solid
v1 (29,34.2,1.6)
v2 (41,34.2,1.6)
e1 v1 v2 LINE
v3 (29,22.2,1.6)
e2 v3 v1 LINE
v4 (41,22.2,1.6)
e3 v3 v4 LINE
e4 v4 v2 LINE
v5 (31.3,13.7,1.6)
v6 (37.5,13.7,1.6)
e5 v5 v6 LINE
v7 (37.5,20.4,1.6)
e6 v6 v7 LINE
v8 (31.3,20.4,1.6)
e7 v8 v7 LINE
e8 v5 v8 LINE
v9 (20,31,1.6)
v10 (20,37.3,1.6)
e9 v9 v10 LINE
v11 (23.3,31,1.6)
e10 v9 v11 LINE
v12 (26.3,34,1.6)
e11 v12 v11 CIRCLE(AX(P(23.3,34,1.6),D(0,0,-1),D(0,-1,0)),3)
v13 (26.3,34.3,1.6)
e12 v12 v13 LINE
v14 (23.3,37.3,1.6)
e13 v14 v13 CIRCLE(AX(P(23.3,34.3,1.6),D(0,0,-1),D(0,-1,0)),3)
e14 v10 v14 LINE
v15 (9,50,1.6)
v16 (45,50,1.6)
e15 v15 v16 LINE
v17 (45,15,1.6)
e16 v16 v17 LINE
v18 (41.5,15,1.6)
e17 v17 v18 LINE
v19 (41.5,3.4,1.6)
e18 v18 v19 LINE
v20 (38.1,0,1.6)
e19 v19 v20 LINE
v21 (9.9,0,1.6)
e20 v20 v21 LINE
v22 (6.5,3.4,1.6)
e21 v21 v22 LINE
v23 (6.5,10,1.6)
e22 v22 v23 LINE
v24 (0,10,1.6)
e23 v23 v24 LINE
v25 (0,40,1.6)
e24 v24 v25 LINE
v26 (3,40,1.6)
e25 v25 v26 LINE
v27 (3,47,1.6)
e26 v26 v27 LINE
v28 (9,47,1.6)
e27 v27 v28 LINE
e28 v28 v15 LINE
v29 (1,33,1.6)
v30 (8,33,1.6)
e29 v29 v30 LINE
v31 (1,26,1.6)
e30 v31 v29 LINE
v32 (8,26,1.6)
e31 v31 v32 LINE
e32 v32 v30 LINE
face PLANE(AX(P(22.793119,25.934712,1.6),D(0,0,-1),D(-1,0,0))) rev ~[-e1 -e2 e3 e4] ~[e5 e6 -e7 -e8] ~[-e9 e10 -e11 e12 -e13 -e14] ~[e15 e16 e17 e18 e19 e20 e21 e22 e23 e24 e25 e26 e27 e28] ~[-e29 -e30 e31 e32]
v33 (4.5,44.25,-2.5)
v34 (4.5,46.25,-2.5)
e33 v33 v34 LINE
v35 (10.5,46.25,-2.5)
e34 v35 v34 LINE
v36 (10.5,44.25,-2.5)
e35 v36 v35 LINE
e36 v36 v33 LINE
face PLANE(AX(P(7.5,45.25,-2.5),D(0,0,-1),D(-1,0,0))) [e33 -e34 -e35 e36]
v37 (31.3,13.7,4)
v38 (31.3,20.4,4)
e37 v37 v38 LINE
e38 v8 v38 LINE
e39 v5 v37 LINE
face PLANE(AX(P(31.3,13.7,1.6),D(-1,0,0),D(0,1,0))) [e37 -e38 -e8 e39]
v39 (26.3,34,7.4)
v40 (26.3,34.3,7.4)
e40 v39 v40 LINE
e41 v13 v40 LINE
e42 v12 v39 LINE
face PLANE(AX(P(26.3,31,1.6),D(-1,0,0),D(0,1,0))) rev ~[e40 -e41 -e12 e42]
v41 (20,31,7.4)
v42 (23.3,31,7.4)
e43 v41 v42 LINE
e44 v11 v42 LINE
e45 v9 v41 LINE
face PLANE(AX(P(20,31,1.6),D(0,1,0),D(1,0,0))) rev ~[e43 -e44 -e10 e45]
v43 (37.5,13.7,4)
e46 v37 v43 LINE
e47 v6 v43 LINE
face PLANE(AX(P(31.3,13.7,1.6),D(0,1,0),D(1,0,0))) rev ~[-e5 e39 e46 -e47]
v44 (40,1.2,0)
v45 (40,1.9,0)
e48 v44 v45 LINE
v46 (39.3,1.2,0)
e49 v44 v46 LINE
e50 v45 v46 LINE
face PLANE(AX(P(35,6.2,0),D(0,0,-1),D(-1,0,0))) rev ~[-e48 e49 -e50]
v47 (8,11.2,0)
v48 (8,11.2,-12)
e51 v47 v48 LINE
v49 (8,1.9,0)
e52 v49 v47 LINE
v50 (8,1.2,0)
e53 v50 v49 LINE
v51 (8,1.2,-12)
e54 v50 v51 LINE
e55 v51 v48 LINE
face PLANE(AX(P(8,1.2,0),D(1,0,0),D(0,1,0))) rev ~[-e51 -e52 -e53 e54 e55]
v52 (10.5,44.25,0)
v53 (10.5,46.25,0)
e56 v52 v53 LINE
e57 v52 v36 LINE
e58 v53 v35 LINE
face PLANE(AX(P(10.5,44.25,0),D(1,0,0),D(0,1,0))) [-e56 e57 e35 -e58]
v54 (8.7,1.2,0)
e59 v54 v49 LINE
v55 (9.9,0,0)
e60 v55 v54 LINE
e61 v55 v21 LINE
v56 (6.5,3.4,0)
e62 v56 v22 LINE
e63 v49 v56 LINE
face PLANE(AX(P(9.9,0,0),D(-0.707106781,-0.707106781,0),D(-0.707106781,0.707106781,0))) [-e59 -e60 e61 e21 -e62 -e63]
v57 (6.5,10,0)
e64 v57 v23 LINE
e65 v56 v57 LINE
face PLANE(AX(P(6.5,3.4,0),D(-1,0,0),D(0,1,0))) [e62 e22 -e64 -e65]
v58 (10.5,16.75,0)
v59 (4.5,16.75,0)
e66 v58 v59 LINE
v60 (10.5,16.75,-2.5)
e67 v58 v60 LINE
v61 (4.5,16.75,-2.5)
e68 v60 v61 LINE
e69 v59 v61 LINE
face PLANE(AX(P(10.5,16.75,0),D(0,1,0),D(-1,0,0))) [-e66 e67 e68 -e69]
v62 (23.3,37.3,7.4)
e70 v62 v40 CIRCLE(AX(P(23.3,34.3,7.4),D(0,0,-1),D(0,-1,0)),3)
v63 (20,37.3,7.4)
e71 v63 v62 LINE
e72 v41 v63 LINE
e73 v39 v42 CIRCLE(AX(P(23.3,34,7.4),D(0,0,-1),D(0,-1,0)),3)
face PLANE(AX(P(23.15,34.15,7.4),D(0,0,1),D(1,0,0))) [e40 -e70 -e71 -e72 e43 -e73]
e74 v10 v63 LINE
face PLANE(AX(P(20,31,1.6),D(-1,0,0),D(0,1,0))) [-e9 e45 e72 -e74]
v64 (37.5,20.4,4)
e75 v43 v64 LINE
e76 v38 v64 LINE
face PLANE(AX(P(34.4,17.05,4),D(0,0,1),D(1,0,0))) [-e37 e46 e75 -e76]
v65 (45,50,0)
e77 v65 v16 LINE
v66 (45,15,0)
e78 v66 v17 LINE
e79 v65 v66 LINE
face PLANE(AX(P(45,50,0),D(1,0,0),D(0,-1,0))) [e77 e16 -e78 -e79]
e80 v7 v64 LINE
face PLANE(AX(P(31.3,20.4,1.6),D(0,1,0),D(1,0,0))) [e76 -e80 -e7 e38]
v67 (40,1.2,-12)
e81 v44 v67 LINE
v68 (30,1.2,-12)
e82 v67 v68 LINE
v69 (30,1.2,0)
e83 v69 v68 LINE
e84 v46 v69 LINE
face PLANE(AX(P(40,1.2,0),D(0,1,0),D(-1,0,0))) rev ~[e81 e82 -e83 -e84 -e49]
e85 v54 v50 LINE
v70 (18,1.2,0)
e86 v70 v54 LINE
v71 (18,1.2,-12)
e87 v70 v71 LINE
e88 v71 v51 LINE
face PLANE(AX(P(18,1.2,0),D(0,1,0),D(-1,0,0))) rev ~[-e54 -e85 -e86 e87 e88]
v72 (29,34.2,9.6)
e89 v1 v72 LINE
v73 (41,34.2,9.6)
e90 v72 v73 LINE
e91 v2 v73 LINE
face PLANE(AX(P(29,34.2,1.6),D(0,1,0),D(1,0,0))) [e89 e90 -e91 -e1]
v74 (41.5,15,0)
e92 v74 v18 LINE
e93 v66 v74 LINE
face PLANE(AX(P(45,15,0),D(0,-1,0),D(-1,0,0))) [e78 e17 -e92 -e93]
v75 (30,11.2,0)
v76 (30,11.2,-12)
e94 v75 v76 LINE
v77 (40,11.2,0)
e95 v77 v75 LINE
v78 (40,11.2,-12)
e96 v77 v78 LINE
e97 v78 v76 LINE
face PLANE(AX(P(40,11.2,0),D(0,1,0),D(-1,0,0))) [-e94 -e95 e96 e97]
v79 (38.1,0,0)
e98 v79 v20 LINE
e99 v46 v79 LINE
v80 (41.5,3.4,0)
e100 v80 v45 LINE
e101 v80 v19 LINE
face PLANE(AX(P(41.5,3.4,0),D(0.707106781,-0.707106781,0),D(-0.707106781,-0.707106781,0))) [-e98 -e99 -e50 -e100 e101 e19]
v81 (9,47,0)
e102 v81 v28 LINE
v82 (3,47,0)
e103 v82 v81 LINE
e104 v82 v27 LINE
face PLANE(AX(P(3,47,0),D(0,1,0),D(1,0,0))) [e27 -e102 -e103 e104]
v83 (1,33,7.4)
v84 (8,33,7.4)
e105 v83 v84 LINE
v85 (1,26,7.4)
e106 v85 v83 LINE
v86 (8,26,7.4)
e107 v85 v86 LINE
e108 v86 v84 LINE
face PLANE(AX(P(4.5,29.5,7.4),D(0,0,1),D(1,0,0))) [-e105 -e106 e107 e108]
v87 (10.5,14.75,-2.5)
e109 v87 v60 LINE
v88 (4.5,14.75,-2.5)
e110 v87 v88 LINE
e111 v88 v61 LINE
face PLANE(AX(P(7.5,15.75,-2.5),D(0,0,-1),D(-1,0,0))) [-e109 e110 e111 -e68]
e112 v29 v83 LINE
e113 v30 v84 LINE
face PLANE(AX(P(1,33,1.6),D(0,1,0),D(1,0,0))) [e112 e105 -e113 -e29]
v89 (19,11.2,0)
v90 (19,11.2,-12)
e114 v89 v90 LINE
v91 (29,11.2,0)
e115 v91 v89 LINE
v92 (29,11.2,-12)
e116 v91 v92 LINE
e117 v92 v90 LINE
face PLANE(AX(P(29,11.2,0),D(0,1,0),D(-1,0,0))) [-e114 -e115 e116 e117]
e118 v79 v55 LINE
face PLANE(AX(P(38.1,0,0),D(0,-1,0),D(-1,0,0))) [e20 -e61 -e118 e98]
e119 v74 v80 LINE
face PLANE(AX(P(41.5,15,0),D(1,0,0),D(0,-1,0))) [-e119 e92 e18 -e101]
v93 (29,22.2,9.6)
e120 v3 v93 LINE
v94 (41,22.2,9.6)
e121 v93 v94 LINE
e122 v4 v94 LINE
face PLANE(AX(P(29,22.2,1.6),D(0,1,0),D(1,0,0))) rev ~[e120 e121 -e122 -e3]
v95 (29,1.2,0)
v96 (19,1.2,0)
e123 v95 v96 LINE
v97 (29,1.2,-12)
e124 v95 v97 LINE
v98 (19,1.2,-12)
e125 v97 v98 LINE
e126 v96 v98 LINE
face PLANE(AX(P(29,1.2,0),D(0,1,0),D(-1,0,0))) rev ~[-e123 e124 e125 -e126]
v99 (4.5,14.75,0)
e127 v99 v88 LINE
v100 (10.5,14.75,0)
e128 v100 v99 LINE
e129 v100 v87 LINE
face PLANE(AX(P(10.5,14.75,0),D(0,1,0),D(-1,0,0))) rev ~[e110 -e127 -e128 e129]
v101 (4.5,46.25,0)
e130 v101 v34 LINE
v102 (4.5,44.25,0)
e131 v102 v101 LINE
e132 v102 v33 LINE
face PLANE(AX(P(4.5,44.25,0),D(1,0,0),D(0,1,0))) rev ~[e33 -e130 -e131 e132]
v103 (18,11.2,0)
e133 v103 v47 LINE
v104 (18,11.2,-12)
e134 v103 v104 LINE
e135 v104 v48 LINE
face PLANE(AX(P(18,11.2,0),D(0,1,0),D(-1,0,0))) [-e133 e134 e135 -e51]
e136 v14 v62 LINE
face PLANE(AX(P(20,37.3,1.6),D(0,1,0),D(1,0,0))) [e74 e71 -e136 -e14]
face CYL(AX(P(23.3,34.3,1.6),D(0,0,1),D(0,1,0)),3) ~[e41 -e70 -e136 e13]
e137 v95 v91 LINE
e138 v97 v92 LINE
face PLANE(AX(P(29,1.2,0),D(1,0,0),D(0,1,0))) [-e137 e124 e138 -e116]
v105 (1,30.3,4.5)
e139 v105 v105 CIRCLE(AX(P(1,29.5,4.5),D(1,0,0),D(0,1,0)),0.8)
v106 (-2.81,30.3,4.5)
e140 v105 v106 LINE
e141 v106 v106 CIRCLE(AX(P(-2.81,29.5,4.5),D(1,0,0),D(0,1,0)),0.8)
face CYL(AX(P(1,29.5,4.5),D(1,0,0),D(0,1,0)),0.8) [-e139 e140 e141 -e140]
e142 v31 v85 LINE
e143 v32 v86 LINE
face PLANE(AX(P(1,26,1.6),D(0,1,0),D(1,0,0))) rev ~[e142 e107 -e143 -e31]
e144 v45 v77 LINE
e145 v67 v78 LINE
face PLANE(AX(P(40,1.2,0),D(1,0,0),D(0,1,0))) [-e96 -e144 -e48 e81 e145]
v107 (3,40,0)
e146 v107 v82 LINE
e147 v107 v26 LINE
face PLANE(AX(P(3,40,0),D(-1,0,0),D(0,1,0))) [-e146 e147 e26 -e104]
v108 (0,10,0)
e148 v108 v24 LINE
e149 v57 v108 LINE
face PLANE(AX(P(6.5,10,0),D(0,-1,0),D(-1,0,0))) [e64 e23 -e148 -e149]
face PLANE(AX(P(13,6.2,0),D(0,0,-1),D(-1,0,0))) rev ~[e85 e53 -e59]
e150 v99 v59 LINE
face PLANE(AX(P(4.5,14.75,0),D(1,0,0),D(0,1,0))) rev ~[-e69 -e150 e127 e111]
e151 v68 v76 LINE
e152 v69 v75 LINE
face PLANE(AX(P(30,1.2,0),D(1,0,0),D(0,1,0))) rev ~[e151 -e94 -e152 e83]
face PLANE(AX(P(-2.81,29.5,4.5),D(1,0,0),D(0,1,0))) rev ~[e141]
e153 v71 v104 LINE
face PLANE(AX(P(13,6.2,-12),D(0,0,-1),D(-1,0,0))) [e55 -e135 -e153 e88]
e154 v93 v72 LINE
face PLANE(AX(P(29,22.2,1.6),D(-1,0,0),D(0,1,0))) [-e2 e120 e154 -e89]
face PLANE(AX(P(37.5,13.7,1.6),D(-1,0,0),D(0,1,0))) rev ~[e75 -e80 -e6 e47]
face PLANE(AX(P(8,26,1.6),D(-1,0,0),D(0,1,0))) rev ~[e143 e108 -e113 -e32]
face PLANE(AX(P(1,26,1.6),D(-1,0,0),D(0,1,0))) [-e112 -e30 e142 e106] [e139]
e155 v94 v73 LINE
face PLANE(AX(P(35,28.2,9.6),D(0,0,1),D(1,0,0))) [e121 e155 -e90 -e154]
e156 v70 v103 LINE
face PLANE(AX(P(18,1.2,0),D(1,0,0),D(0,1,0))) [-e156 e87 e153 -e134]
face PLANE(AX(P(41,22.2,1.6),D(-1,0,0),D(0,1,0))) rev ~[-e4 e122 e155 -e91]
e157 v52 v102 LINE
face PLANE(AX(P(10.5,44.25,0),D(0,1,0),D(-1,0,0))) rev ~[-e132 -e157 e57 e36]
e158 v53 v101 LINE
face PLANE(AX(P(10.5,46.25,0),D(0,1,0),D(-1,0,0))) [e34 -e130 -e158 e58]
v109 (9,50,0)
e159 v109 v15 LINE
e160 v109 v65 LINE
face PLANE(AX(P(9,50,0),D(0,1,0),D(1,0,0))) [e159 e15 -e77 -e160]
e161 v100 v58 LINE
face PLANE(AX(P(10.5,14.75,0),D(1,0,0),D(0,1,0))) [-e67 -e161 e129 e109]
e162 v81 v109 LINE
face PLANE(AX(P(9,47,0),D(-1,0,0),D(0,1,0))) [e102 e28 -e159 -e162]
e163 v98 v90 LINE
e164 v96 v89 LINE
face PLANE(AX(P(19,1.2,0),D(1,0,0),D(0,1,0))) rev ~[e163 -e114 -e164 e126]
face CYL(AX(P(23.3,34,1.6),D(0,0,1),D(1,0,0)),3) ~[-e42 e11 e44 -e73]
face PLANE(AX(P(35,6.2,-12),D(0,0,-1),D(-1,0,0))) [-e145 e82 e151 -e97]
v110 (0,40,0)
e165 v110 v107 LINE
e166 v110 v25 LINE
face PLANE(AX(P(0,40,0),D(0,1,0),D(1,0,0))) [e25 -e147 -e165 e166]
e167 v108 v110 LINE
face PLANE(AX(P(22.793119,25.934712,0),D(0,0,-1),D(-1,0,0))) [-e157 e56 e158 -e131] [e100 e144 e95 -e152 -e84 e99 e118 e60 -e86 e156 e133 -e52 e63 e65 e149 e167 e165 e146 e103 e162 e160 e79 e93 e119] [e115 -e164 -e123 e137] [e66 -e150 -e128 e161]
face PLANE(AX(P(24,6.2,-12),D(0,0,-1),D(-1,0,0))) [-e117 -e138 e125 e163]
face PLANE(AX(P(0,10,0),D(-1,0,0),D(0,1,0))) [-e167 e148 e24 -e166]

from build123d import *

# Parameters (mm, degrees)
EXTRUDE1_DEPTH  = 1.6
SKETCH3_W       = 6
SKETCH3_H       = 2
EXTRUDE3_DEPTH  = 2.5
SKETCH4_W       = 10
SKETCH4_H       = 10
EXTRUDE4_DEPTH  = 12
SKETCH6_W       = 7
SKETCH6_H       = 7
EXTRUDE5_DEPTH  = 5.8
SKETCH8_R       = 0.8
EXTRUDE7_DEPTH  = 3.81
SKETCH9_W       = 6.3
SKETCH9_H       = 6.3
EXTRUDE8_DEPTH  = 5.8
FILLET1_R       = 3
SKETCH10_W      = 12
SKETCH10_H      = 12
EXTRUDE9_DEPTH  = 8
SKETCH11_W      = 6.2
SKETCH11_H      = 6.7
EXTRUDE10_DEPTH = 2.4


with BuildPart() as part:
    # Sketch1 → Extrude1 (new body)
    with BuildSketch(Plane.XY):
        Polygon((41.5, 3.4), (38.1, 0), (9.9, 0), (6.5, 3.4), (6.5, 10), (0, 10), (0, 40), (3, 40), (3, 47), (9, 47), (9, 50), (45, 50), (45, 15), (41.5, 15), align=None)
    extrude(amount=EXTRUDE1_DEPTH)

    # Sketch3 → Extrude3 (add)
    with BuildSketch(Plane(origin=(0, 0, 0), x_dir=(-1, 0, 0), z_dir=(0, 0, -1))):
        with Locations((-7.5, 45.25)):
            Rectangle(SKETCH3_W, SKETCH3_H)
        with Locations((-7.5, 15.75)):
            Rectangle(SKETCH3_W, SKETCH3_H)
    extrude(amount=EXTRUDE3_DEPTH)

    # Sketch4 → Extrude4 (add)
    with BuildSketch(Plane(origin=(0, 0, 0), x_dir=(-1, 0, 0), z_dir=(0, 0, -1))):
        with Locations((-35, 6.2)):
            Rectangle(SKETCH4_W, SKETCH4_H)
        with Locations((-24, 6.2)):
            Rectangle(SKETCH4_W, SKETCH4_H)
        with Locations((-13, 6.2)):
            Rectangle(SKETCH4_W, SKETCH4_H)
    extrude(amount=EXTRUDE4_DEPTH)

    # Sketch6 → Extrude5 (add)
    with BuildSketch(Plane.XY.offset(1.6)):
        with Locations((4.5, 29.5)):
            Rectangle(SKETCH6_W, SKETCH6_H)
    extrude(amount=EXTRUDE5_DEPTH)

    # Sketch8 → Extrude7 (add)
    with BuildSketch(Plane(origin=(1, 0, 4), x_dir=(0, 0, -1), z_dir=(1, 0, 0))):
        with Locations(Location((-0.5, 29.5, 0), (0, 0, 90))):
            Circle(SKETCH8_R)
    extrude(amount=-EXTRUDE7_DEPTH)

    # Sketch9 → Extrude8 (add)
    with BuildSketch(Plane.XY.offset(1.6)):
        with Locations((23.15, 34.15)):
            Rectangle(SKETCH9_W, SKETCH9_H)
    extrude(amount=EXTRUDE8_DEPTH)

    # Fillet1
    fillet1_edges = [part.edges().sort_by_distance(p)[0] for p in [
        (26.3, 31, 4.5),
        (26.3, 37.3, 4.5),
    ]]
    fillet(fillet1_edges, radius=FILLET1_R)

    # Sketch10 → Extrude9 (add)
    with BuildSketch(Plane.XY.offset(1.6)):
        with Locations((35, 28.2)):
            Rectangle(SKETCH10_W, SKETCH10_H)
    extrude(amount=EXTRUDE9_DEPTH)

    # Sketch11 → Extrude10 (add)
    with BuildSketch(Plane.XY.offset(1.6)):
        with Locations((34.4, 17.05)):
            Rectangle(SKETCH11_W, SKETCH11_H)
    extrude(amount=EXTRUDE10_DEPTH)


solid = part.part
